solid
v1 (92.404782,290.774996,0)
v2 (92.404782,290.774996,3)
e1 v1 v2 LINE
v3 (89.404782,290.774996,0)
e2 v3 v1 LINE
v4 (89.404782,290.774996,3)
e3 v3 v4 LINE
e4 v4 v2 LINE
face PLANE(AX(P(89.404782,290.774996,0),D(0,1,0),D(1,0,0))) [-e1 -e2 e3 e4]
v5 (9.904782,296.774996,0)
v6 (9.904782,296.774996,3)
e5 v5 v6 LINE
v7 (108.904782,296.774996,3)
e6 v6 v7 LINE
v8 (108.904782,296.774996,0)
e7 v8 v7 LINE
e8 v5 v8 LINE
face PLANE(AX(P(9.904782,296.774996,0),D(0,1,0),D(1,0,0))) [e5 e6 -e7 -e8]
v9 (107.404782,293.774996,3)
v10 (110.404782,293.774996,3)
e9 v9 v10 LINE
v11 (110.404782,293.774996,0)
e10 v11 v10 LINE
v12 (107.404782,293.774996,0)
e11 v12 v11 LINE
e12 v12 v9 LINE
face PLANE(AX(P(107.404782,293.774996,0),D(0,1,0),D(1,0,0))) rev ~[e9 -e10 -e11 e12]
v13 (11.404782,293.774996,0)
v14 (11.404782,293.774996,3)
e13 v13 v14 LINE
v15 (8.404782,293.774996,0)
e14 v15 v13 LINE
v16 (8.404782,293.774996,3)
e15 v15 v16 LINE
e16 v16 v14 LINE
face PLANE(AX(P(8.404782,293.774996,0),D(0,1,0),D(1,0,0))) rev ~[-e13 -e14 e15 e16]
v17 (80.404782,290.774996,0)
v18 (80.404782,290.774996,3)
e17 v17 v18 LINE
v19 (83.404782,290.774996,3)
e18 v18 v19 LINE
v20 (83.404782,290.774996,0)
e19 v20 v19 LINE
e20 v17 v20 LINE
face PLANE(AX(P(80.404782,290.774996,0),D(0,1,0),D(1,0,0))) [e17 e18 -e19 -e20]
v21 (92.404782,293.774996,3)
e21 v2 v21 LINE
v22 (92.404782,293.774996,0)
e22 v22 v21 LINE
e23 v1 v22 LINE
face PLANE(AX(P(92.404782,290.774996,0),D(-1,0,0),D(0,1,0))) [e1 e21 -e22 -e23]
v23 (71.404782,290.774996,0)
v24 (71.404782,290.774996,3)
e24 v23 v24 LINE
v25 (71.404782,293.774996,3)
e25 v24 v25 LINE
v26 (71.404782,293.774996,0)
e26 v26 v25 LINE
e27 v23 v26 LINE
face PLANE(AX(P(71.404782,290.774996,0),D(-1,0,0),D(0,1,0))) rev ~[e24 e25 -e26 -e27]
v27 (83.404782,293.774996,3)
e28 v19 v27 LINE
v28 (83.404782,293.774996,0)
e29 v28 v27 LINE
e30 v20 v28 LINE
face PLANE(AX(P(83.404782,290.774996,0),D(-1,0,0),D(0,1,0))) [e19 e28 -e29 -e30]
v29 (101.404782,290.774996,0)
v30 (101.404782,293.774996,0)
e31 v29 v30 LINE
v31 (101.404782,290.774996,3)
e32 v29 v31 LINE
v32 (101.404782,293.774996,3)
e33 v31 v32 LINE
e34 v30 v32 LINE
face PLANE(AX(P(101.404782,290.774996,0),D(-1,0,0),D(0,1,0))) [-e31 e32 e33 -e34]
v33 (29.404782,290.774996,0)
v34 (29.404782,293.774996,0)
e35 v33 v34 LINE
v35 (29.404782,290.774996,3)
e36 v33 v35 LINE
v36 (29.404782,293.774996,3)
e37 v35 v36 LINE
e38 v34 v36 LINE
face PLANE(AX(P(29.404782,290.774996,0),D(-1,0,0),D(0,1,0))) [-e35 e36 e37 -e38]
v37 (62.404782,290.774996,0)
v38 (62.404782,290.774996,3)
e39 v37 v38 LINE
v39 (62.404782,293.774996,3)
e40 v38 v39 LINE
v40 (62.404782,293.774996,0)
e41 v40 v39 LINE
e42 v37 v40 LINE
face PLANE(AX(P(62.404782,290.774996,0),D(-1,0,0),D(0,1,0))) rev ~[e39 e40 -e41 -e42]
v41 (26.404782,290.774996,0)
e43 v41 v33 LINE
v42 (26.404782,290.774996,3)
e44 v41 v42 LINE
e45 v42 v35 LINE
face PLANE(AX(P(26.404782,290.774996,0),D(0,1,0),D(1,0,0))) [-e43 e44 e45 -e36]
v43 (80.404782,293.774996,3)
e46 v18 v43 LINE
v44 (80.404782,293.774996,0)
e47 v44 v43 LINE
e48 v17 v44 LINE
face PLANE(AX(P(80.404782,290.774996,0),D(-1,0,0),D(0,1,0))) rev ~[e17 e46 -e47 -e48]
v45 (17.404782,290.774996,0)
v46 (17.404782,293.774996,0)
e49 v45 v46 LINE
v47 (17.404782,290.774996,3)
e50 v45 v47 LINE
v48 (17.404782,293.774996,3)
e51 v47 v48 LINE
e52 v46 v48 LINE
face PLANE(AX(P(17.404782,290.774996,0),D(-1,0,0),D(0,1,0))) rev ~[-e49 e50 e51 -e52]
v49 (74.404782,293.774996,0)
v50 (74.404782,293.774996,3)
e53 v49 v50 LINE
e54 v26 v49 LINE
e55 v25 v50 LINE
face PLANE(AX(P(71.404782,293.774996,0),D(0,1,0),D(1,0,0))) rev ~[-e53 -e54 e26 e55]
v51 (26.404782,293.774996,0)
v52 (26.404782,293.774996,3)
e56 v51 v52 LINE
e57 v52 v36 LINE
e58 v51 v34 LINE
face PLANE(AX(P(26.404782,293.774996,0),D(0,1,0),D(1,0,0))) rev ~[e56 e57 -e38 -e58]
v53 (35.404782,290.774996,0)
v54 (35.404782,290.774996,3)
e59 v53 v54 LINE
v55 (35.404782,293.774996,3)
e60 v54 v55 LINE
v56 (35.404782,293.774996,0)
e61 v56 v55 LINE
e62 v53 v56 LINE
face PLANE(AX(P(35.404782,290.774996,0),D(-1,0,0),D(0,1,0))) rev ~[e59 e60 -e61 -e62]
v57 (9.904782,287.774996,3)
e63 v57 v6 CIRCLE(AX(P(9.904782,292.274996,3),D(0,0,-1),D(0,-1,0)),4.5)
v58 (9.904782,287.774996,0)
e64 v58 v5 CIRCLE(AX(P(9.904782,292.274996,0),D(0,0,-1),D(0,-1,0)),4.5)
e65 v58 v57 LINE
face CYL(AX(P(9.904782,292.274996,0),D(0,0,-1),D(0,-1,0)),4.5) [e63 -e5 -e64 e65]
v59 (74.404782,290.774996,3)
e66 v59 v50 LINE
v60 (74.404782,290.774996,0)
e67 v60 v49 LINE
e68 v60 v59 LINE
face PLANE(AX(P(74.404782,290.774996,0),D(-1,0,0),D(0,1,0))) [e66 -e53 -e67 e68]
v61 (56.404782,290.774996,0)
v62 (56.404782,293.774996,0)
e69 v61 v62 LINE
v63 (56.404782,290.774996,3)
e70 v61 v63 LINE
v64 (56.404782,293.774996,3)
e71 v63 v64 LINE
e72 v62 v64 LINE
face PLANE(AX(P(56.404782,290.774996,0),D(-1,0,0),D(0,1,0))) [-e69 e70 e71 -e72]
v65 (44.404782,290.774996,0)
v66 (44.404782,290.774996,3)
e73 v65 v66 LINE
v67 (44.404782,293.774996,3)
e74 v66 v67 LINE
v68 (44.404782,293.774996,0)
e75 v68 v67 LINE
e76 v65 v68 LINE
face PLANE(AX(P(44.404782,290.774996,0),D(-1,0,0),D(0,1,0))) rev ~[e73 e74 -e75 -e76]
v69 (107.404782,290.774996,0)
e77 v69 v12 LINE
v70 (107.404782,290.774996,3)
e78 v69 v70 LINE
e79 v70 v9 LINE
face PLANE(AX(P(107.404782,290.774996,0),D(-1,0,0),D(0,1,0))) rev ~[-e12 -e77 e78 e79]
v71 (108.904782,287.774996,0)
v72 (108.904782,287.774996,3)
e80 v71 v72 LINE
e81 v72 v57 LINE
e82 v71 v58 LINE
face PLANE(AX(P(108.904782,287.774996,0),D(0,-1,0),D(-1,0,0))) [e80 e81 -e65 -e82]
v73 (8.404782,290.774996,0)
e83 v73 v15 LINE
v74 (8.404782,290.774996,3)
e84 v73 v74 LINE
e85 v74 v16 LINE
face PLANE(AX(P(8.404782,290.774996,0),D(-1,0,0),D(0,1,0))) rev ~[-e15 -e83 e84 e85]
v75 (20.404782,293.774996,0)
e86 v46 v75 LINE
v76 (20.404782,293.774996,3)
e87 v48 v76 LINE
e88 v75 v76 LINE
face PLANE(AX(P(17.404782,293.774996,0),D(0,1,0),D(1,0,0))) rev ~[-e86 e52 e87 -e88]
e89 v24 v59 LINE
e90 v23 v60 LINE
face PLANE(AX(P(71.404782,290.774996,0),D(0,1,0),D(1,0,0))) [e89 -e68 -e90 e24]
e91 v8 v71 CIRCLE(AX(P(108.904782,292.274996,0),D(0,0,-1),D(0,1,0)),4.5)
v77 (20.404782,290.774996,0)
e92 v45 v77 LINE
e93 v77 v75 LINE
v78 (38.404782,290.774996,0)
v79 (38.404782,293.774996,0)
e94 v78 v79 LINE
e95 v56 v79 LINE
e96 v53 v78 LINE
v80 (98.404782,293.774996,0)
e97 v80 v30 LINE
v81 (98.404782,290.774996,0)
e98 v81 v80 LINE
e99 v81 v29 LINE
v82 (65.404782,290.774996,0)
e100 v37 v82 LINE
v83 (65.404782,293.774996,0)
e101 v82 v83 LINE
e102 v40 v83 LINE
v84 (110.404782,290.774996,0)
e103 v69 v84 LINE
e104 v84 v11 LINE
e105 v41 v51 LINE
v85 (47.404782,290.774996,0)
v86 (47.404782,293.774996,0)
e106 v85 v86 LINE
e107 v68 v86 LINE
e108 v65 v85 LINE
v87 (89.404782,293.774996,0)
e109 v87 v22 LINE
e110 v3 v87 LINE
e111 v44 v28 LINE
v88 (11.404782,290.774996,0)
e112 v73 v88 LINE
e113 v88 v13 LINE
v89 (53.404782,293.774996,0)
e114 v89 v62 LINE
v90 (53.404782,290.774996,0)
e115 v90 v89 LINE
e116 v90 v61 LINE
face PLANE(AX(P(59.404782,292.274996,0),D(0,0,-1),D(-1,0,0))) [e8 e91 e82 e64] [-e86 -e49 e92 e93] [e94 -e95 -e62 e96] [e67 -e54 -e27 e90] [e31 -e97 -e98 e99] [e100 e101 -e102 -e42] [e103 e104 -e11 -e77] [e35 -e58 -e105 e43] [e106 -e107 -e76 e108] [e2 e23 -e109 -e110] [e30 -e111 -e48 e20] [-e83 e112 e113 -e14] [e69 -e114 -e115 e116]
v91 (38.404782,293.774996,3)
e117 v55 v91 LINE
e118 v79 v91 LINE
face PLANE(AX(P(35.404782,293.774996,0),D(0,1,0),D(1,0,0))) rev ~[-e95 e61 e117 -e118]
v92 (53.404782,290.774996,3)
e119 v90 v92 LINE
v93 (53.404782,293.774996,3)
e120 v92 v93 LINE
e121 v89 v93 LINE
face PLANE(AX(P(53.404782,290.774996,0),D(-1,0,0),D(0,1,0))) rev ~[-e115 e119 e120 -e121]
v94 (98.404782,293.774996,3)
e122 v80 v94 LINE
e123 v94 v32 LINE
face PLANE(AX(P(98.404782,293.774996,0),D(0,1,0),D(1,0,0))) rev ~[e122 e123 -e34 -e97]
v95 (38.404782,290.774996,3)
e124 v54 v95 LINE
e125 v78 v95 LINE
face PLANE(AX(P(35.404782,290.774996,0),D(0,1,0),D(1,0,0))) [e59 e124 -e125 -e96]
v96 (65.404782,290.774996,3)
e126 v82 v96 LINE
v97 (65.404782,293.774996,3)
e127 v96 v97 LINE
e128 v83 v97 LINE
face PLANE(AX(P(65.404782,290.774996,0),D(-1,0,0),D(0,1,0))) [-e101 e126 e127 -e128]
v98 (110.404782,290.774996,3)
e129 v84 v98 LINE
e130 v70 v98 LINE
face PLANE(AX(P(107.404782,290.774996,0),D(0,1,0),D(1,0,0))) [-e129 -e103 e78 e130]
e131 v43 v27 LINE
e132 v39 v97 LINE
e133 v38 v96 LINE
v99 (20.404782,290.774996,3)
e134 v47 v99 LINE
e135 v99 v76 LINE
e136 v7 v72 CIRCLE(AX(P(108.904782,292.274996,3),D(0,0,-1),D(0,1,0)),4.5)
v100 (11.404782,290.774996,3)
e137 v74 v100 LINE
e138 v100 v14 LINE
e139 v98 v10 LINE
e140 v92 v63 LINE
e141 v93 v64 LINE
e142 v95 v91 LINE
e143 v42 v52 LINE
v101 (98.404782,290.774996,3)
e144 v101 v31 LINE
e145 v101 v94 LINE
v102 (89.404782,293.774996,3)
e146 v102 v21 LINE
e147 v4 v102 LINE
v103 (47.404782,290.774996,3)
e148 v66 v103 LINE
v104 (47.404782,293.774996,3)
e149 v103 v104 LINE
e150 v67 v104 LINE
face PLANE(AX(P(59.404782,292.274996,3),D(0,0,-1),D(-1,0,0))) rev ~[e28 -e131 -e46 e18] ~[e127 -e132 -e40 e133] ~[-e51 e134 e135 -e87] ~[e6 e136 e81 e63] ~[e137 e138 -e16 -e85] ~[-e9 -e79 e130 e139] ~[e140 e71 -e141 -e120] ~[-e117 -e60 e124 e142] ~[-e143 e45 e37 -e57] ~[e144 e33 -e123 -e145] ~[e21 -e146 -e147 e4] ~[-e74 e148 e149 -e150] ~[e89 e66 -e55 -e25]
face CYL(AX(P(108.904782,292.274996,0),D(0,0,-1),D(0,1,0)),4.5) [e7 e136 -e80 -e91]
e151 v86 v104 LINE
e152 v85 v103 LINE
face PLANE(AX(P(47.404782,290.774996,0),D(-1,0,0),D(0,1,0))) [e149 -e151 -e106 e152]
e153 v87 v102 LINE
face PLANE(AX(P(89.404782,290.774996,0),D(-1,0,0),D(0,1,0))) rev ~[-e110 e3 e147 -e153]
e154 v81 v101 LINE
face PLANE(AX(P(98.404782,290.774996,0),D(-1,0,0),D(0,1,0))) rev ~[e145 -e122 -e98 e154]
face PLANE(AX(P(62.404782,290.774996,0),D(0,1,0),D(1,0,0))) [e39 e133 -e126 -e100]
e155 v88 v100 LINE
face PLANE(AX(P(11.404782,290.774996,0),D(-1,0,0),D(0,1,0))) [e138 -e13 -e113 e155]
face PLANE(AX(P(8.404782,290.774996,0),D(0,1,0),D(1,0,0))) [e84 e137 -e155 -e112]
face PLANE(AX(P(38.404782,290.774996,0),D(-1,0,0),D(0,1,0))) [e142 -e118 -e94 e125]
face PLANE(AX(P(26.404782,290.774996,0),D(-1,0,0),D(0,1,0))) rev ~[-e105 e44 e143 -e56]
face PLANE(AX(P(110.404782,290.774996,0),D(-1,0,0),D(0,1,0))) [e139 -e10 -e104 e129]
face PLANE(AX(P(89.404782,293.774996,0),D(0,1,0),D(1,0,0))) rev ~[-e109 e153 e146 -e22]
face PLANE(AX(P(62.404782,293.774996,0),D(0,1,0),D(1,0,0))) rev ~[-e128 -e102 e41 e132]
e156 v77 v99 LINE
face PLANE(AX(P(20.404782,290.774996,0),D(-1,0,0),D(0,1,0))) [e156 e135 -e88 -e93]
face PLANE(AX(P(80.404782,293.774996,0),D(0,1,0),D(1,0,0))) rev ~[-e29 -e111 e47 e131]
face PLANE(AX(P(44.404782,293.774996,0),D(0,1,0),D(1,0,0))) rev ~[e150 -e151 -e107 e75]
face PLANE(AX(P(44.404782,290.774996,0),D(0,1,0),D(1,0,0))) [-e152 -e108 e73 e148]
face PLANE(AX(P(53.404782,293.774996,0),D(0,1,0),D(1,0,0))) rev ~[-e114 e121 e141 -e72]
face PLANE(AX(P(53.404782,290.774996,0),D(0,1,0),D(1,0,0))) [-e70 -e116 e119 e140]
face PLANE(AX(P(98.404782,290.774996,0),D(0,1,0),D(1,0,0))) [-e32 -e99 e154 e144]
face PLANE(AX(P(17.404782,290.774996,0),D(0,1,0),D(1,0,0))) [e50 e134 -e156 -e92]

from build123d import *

# Parameters (mm, degrees)
MODEL_W                 = 3
MODEL_H                 = 3
SALIENTE_EXTRUIR1_DEPTH = 3


with BuildPart() as part:
    # Model → Saliente-Extruir1 (new body)
    with BuildSketch(Plane.XY):
        with BuildLine():
            Line((9.904781567, 296.774995526), (108.904781567, 296.774995526))
            ThreePointArc((108.904781567, 296.774995526), (113.404781567, 292.274995526), (108.904781567, 287.774995526))
            Line((108.904781567, 287.774995526), (9.904781567, 287.774995526))
            ThreePointArc((9.904781567, 287.774995526), (5.404781567, 292.274995526), (9.904781567, 296.774995526))
        make_face()
        with Locations((9.904781567, 292.274995526)):
            Rectangle(MODEL_W, MODEL_H, mode=Mode.SUBTRACT)
        with Locations((18.904781567, 292.274995526)):
            Rectangle(MODEL_W, MODEL_H, mode=Mode.SUBTRACT)
        with Locations((27.904781567, 292.274995526)):
            Rectangle(MODEL_W, MODEL_H, mode=Mode.SUBTRACT)
        with Locations((36.904781567, 292.274995526)):
            Rectangle(MODEL_W, MODEL_H, mode=Mode.SUBTRACT)
        with Locations((45.904781567, 292.274995526)):
            Rectangle(MODEL_W, MODEL_H, mode=Mode.SUBTRACT)
        with Locations((54.904781567, 292.274995526)):
            Rectangle(MODEL_W, MODEL_H, mode=Mode.SUBTRACT)
        with Locations((63.904781567, 292.274995526)):
            Rectangle(MODEL_W, MODEL_H, mode=Mode.SUBTRACT)
        with Locations((72.904781567, 292.274995526)):
            Rectangle(MODEL_W, MODEL_H, mode=Mode.SUBTRACT)
        with Locations((81.904781567, 292.274995526)):
            Rectangle(MODEL_W, MODEL_H, mode=Mode.SUBTRACT)
        with Locations((90.904781567, 292.274995526)):
            Rectangle(MODEL_W, MODEL_H, mode=Mode.SUBTRACT)
        with Locations((108.904781567, 292.274995526)):
            Rectangle(MODEL_W, MODEL_H, mode=Mode.SUBTRACT)
        with Locations((99.904781567, 292.274995526)):
            Rectangle(MODEL_W, MODEL_H, mode=Mode.SUBTRACT)
    extrude(amount=SALIENTE_EXTRUIR1_DEPTH)


solid = part.part
